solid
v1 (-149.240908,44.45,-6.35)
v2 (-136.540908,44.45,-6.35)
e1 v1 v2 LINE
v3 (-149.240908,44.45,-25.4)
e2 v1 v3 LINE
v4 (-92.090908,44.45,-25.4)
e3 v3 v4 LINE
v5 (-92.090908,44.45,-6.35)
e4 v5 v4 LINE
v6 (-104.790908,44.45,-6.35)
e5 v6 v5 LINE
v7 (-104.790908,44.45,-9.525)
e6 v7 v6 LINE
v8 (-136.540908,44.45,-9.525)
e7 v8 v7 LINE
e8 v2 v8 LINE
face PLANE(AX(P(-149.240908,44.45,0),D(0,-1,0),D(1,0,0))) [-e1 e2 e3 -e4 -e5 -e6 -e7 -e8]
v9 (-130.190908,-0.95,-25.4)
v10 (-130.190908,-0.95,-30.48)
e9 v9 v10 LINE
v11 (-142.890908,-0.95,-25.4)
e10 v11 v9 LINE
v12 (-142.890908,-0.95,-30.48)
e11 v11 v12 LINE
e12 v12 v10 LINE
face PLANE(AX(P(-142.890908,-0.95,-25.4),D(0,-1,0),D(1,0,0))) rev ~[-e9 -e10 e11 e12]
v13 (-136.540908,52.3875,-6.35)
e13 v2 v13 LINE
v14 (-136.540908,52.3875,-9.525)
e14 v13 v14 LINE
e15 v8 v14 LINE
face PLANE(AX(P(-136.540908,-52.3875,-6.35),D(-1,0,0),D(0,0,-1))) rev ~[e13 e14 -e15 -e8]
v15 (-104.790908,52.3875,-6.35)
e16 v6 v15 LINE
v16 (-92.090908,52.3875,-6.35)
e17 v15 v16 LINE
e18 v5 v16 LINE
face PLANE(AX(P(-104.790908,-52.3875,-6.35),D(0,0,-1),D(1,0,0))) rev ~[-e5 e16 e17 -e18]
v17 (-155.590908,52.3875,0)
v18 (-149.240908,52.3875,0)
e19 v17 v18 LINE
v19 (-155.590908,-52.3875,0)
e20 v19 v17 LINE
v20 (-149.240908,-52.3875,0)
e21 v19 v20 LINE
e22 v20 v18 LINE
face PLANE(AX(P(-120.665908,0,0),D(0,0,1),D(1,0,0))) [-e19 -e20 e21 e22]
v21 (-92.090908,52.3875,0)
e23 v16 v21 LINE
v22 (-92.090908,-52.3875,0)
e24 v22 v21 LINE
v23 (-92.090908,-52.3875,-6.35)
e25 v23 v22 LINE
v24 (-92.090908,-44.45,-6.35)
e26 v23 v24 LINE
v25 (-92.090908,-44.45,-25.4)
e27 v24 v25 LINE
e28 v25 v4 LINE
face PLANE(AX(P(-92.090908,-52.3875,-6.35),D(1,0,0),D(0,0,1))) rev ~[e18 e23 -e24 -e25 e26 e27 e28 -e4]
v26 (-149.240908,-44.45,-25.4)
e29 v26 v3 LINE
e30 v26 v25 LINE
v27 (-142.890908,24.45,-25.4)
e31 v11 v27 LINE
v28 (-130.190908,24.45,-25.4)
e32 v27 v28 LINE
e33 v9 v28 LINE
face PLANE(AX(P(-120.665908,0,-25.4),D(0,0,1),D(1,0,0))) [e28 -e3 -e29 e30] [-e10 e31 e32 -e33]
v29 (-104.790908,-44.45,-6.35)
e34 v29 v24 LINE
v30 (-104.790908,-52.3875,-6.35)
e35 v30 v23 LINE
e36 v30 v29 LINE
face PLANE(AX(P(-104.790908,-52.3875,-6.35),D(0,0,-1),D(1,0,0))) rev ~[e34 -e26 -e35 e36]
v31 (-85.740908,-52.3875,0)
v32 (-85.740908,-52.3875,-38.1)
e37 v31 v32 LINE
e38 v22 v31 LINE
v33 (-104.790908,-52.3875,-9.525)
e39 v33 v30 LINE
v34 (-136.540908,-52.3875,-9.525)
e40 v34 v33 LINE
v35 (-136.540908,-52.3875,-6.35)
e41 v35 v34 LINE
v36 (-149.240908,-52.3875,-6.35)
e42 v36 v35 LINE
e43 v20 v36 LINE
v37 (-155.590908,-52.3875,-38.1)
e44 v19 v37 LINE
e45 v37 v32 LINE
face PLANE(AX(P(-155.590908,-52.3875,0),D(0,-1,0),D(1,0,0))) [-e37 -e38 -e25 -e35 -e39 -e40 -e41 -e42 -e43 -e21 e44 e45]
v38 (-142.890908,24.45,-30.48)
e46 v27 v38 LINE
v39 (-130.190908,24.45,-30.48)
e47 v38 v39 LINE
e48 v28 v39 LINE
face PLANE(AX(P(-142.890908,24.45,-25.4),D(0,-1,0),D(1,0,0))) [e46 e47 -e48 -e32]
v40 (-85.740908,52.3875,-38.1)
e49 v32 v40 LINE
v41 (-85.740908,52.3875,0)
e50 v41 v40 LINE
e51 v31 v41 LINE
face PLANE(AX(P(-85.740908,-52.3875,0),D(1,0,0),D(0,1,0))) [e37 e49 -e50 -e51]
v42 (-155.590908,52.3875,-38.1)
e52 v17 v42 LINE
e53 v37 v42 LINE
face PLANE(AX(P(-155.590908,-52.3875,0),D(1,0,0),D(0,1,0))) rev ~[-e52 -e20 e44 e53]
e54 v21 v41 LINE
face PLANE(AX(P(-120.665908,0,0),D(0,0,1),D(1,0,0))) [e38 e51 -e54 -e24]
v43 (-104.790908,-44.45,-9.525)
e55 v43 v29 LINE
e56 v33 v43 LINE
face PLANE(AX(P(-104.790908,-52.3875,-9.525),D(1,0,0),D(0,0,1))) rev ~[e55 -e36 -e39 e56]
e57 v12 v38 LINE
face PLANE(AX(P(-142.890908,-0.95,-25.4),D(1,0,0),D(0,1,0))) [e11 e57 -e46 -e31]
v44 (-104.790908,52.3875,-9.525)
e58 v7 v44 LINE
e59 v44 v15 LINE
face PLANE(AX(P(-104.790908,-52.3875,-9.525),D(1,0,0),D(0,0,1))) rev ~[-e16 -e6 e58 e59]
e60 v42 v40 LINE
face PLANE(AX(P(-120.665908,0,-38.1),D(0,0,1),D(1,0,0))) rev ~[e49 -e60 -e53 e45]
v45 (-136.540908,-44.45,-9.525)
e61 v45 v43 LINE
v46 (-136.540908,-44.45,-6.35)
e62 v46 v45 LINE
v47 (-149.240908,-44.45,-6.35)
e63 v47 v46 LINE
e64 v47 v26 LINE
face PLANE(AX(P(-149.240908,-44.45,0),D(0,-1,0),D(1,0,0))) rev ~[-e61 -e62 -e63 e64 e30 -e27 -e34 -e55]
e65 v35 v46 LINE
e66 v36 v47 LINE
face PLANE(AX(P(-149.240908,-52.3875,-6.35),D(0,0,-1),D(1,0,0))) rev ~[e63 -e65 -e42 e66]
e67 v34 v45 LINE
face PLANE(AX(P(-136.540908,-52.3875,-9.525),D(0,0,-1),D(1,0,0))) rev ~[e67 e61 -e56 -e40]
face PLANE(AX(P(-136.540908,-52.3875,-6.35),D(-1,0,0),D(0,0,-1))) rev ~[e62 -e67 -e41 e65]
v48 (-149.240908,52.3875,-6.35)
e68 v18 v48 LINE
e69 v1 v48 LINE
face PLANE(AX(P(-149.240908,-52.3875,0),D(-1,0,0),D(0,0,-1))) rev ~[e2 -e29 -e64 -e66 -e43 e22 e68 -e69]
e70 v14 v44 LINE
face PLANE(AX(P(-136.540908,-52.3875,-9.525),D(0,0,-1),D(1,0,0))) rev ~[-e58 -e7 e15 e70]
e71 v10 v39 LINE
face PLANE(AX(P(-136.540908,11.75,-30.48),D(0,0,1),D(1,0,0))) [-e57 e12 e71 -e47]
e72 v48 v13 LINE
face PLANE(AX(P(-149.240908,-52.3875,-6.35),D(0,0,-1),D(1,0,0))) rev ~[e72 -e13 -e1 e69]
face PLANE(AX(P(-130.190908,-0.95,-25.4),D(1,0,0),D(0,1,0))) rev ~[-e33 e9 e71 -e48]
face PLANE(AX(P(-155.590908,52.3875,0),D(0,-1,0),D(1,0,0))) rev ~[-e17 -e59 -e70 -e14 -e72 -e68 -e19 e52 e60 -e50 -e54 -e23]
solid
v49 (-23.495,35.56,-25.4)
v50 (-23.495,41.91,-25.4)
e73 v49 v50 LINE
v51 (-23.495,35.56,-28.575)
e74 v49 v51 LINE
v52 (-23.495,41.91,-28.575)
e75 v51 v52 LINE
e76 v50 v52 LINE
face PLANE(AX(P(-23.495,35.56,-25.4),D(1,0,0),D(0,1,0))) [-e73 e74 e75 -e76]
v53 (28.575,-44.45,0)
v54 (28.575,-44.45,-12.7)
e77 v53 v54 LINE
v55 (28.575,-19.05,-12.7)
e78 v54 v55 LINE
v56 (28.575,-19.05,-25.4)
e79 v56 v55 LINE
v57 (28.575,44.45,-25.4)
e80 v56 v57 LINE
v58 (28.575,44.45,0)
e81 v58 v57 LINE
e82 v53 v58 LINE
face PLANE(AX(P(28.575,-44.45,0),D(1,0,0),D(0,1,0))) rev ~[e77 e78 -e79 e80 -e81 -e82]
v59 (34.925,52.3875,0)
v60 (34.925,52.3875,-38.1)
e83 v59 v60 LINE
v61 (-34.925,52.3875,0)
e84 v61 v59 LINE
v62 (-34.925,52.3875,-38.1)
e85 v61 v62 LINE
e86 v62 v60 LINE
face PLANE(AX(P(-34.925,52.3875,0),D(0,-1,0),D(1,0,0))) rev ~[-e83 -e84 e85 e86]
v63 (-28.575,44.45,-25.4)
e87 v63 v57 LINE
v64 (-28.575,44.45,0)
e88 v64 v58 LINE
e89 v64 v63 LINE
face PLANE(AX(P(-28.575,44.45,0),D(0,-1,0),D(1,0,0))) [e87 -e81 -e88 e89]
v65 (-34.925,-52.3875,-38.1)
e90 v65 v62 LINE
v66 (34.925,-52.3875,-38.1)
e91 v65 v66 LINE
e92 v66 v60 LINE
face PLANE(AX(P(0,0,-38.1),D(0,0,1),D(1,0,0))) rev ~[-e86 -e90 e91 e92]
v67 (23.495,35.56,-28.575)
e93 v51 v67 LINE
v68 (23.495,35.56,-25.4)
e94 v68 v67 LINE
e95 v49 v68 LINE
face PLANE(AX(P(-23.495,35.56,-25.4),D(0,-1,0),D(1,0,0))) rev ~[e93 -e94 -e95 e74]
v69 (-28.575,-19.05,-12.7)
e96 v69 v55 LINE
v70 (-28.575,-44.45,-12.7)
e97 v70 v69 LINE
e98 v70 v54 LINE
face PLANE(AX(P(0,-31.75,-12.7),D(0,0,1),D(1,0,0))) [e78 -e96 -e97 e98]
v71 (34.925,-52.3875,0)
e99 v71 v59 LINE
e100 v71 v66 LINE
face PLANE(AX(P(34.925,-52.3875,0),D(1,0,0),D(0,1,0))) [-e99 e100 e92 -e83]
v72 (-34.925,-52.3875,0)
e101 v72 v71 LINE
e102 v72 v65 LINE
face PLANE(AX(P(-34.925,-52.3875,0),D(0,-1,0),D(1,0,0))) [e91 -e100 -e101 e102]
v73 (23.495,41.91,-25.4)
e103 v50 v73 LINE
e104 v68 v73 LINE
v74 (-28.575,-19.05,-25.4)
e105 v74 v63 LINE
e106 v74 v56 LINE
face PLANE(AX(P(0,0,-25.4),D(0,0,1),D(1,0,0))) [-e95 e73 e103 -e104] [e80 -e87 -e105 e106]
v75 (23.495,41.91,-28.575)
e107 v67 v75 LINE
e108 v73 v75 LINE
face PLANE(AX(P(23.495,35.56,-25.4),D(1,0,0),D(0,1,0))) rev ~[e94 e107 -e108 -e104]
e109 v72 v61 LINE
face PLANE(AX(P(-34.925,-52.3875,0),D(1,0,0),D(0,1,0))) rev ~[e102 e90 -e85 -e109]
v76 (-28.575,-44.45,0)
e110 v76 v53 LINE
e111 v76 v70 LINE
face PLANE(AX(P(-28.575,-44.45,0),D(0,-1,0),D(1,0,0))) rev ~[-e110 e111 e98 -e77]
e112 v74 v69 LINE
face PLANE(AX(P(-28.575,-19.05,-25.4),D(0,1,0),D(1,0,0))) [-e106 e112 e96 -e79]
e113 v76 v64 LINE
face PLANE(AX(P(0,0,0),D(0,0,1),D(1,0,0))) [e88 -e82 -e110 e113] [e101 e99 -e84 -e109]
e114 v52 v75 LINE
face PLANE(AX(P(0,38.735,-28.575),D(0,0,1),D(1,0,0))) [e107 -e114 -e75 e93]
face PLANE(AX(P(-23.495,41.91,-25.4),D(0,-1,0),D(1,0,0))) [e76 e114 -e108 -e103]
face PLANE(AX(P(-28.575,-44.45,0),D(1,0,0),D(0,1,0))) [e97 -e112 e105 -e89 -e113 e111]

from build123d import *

# Parameters (mm, degrees)
F0_W      = 69.85
F0_H      = 104.775
F1_DEPTH  = 38.1
F2_W      = 57.15
F2_H      = 88.9
F3_DEPTH  = 25.4
F4_W      = 57.15
F4_H      = 25.4
F5_DEPTH  = 12.7
F6_DEPTH  = 25.4
F8_DEPTH  = 104.776
F9_W      = 12.7
F9_H      = 25.4
F10_DEPTH = 5.08
F11_W     = 46.99
F11_H     = 6.35
F12_DEPTH = 3.175


with BuildPart() as f1:
    # F0 (on Top) → F1 (new body)
    with BuildSketch(Plane.XY):
        Rectangle(F0_W, F0_H)
    extrude(amount=-F1_DEPTH)

    # F2 (on Top) → F3 (cut)
    with BuildSketch(Plane.XY):
        Rectangle(F2_W, F2_H)
    extrude(amount=-F3_DEPTH, mode=Mode.SUBTRACT)

    # F4 (on face) → F5 (join)
    with BuildSketch(Plane.XY.offset(-25.4)):
        with Locations((0, -31.75)):
            Rectangle(F4_W, F4_H)
    extrude(amount=F5_DEPTH)

    # F11 (on face) → F12 (cut)
    with BuildSketch(Plane.XY.offset(-25.4)):
        with Locations((0, 38.735)):
            Rectangle(F11_W, F11_H)
    extrude(amount=-F12_DEPTH, mode=Mode.SUBTRACT)


with BuildPart() as f1b:
    # F0 (on Top) → F1, piece 2 (new body)
    with BuildSketch(Plane.XY):
        with Locations((-120.6659083736, 0)):
            Rectangle(F0_W, F0_H)
    extrude(amount=-F1_DEPTH)

    # F2 (on Top) → F6 (cut)
    with BuildSketch(Plane.XY):
        Rectangle(F2_W, F2_H)
        with Locations((-120.6659083736, 0)):
            Rectangle(F2_W, F2_H)
    extrude(amount=-F6_DEPTH, mode=Mode.SUBTRACT)

    # F7 (on face) → F8 (cut, through all)
    with BuildSketch(Plane.XZ.offset(52.3875)):
        Polygon((-92.0909083736, 0), (-149.2409083736, 0), (-149.2409083736, -6.35), (-136.5409083736, -6.35), (-136.5409083736, -9.525), (-104.7909083736, -9.525), (-104.7909083736, -6.35), (-92.0909083736, -6.35), align=None)
    extrude(amount=-F8_DEPTH, mode=Mode.SUBTRACT)

    # F9 (on face) → F10 (cut)
    with BuildSketch(Plane.XY.offset(-25.4)):
        with Locations((-136.5409083736, 11.75)):
            Rectangle(F9_W, F9_H)
    extrude(amount=-F10_DEPTH, mode=Mode.SUBTRACT)


solid = Compound([f1.part, f1b.part])
